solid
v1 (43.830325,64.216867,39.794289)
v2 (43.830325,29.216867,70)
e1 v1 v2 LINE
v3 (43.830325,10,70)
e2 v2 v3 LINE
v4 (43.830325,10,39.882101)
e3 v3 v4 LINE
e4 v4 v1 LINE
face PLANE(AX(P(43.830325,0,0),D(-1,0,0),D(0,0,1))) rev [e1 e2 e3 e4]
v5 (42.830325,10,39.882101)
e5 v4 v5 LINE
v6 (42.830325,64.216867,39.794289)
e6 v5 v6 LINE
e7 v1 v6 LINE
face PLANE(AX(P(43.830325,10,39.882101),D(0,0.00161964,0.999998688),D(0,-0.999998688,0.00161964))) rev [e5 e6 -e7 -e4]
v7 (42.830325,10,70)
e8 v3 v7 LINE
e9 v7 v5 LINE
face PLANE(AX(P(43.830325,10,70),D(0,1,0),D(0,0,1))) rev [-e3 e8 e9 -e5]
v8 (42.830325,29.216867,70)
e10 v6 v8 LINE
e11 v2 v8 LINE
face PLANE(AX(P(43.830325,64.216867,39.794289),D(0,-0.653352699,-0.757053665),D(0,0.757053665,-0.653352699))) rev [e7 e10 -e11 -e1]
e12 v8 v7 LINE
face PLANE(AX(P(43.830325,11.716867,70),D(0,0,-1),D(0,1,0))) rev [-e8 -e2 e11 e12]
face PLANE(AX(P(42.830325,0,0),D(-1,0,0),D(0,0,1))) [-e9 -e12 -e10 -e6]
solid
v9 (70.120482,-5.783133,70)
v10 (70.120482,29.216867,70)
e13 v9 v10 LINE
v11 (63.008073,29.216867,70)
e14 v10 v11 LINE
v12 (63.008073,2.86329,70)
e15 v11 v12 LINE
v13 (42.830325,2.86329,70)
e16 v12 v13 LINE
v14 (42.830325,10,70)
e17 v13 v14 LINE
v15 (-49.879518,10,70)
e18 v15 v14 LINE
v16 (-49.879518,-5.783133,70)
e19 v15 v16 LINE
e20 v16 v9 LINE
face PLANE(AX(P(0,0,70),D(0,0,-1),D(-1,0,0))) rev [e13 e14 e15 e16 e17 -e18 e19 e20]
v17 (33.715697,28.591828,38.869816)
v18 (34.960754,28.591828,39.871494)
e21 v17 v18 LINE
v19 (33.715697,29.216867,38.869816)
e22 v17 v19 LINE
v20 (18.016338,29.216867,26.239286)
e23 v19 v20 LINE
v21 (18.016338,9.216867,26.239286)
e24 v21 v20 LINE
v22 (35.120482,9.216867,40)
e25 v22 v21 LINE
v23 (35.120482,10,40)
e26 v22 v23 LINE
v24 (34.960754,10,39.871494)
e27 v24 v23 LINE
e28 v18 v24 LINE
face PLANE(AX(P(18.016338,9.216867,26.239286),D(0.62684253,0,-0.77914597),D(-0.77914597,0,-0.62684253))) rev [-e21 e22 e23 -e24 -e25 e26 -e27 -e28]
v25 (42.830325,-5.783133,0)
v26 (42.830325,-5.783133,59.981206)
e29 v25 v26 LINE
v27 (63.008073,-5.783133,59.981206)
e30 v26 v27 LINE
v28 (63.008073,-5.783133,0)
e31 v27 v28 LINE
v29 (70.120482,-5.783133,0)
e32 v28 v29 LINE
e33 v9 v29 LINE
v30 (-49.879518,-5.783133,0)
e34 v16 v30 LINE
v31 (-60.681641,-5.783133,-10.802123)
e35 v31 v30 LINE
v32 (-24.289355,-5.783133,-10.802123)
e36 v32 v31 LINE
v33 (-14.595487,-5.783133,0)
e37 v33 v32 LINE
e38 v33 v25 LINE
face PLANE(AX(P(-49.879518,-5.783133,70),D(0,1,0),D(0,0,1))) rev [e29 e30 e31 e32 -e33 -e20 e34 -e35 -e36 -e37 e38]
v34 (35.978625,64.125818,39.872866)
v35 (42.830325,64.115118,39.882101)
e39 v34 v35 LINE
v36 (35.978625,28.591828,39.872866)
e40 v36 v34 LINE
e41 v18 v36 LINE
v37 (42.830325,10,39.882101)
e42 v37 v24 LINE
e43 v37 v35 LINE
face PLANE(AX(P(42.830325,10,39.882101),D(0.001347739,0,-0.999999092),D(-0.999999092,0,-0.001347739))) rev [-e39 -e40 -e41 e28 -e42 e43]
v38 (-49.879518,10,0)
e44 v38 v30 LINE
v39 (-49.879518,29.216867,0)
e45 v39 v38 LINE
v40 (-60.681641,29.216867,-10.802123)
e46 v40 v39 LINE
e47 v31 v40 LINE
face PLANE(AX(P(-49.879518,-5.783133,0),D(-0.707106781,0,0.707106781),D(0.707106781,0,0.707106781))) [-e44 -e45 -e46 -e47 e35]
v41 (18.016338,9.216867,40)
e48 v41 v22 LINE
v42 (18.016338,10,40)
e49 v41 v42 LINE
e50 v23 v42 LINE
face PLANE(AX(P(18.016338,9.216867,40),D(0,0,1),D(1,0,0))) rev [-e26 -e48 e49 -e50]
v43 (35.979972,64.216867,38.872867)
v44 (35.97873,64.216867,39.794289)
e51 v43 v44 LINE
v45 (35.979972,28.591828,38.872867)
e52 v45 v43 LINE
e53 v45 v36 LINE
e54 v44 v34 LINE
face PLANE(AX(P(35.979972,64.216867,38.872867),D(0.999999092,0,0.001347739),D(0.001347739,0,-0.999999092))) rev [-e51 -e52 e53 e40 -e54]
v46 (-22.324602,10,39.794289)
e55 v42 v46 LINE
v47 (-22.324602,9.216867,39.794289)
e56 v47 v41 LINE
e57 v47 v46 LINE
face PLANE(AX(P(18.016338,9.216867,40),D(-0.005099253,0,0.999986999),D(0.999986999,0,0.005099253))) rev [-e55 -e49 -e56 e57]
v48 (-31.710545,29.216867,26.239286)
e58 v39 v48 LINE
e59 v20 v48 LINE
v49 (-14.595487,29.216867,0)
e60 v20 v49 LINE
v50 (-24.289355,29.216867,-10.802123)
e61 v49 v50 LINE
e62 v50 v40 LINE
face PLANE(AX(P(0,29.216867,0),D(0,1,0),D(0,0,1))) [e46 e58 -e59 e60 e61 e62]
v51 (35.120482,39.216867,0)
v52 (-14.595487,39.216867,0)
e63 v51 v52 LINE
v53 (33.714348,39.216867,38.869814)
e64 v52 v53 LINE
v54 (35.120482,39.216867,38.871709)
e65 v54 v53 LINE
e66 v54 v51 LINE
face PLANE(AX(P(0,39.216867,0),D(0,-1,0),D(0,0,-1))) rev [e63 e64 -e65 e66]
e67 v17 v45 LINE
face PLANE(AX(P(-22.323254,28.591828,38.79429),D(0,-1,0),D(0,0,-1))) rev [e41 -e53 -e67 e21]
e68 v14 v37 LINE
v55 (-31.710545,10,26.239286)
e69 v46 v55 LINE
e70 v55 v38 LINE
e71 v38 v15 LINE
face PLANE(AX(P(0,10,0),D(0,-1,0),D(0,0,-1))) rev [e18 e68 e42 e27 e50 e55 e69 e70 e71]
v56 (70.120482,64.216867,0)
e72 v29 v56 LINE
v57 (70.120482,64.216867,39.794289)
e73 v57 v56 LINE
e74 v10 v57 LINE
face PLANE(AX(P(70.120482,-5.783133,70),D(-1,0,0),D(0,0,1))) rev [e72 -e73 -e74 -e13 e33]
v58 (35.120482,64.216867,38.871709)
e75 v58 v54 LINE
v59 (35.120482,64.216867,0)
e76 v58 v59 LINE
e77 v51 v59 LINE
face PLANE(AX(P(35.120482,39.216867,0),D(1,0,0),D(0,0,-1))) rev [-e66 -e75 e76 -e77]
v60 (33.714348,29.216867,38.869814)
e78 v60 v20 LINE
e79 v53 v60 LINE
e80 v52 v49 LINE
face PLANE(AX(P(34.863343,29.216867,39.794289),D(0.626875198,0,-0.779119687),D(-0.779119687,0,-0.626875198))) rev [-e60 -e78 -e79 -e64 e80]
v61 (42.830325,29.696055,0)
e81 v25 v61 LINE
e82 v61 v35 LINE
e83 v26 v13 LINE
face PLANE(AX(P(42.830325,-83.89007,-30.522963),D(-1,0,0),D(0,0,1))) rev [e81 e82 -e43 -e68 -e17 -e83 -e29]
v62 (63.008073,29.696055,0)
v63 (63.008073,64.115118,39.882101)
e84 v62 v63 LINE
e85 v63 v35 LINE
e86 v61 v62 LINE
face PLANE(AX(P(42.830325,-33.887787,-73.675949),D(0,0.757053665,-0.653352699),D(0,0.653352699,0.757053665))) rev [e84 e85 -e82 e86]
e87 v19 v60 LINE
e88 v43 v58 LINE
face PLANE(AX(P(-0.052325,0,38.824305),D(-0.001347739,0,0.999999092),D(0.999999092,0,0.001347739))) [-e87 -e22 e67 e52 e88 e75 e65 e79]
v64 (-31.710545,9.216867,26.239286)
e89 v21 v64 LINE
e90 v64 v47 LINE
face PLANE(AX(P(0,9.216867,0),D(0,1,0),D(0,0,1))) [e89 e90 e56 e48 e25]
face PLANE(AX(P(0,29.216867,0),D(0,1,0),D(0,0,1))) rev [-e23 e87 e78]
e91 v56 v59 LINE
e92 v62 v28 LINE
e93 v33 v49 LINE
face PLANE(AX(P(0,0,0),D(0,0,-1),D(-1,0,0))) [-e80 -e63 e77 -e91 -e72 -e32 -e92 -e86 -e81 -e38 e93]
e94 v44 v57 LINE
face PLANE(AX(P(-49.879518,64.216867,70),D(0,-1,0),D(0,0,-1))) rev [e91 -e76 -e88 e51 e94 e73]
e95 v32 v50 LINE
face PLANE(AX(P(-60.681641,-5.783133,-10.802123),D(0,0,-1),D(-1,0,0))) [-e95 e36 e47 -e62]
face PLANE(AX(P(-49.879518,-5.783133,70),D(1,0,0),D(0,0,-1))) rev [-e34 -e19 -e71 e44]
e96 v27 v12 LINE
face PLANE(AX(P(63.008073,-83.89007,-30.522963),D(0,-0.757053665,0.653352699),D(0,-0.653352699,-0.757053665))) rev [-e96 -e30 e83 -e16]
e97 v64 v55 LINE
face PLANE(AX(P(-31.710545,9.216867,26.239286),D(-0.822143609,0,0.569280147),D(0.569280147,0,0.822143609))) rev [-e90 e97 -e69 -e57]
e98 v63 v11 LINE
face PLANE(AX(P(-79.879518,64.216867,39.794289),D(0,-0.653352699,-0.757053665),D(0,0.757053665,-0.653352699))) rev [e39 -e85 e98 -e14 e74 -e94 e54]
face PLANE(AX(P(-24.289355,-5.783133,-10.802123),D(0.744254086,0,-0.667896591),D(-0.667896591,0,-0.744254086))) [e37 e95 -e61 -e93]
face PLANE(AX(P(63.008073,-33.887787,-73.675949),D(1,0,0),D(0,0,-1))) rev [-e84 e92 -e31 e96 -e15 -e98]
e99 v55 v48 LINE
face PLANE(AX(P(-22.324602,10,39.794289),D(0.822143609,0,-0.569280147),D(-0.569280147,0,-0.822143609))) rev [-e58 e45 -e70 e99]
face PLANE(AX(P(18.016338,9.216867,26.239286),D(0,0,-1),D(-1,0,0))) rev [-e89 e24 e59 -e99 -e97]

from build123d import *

# Parameters (mm, degrees)
SKETCH1_W           = 120
SKETCH1_H           = 70
BOSS_EXTRUDE1_DEPTH = 70
CUT_EXTRUDE1_DEPTH  = 150
SKETCH5_W           = 20.177747719
SKETCH5_H           = 66.048531366
CUT_EXTRUDE3_DEPTH  = 150
CUT_EXTRUDE4_DEPTH  = 25
CUT_EXTRUDE5_DEPTH  = 35
BOSS_EXTRUDE2_DEPTH = 35
CUT_EXTRUDE6_DEPTH  = 55
SKETCH14_W          = 58.303279042
SKETCH14_H          = 35.625039804
CUT_EXTRUDE7_DEPTH  = 1
BOSS_EXTRUDE5_DEPTH = 1
CUT_EXTRUDE9_DEPTH  = 20
CUT_EXTRUDE10_DEPTH = 20


with BuildPart() as part:
    # Sketch1 → Boss-Extrude1 (new body)
    with BuildSketch(Plane.XY):
        with Locations((10.120481928, 29.21686747)):
            Rectangle(SKETCH1_W, SKETCH1_H)
    extrude(amount=BOSS_EXTRUDE1_DEPTH)

    # Sketch3 → Cut-Extrude1 (cut)
    with BuildSketch(Plane(origin=(70.120481928, 0, 0), x_dir=(0, 0, -1), z_dir=(1, 0, 0))):
        Polygon((-39.794288679, 64.21686747), (-70, 29.21686747), (-70, 64.21686747), align=None)
    extrude(amount=-CUT_EXTRUDE1_DEPTH, mode=Mode.SUBTRACT)

    # Sketch5 → Cut-Extrude3 (cut)
    with BuildSketch(Plane(origin=(0, 47.095410713, 54.570453827), x_dir=(1, 0, 0), z_dir=(0, 0.653352699, 0.757053665))):
        with Locations((52.91919907, -10.542758773)):
            Rectangle(SKETCH5_W, SKETCH5_H)
    extrude(amount=-CUT_EXTRUDE3_DEPTH, mode=Mode.SUBTRACT)

    # Sketch6 → Cut-Extrude4 (cut)
    with BuildSketch(Plane(origin=(0, 64.21686747, 0), x_dir=(1, 0, 0), z_dir=(0, 1, 0))):
        Polygon((35.120481928, 0), (-14.879518072, 0), (35.120481928, -40), align=None)
    extrude(amount=-CUT_EXTRUDE4_DEPTH, mode=Mode.SUBTRACT)

    # Sketch9 → Cut-Extrude5 (cut)
    with BuildSketch(Plane(origin=(0, 64.21686747, 0), x_dir=(1, 0, 0), z_dir=(0, 1, 0))):
        Polygon((12.260999006, -39.794288679), (-22.324601561, -39.794288679), (-49.879518072, 0), (-58.507323934, 12.460113859), (-30.081695552, 12.460113859), (34.863342776, -39.794288679), align=None)
    extrude(amount=-CUT_EXTRUDE5_DEPTH, mode=Mode.SUBTRACT)

    # Sketch10 → Boss-Extrude2 (add)
    with BuildSketch(Plane(origin=(0, 29.21686747, 0), x_dir=(1, 0, 0), z_dir=(0, 1, 0))):
        Polygon((-49.879518072, 0), (-60.681640724, 10.802122652), (-24.289355103, 10.802122652), (-14.595487063, 0), align=None)
    extrude(amount=-BOSS_EXTRUDE2_DEPTH)

    # Sketch13 → Cut-Extrude6 (cut)
    with BuildSketch(Plane(origin=(0, 65, 0), x_dir=(1, 0, 0), z_dir=(0, 1, 0))):
        Polygon((-49.879518072, 0), (-49.879518072, -70), (42.83032521, -70), (42.83032521, -39.882100619), (-22.324601561, -39.794288679), align=None)
    extrude(amount=-CUT_EXTRUDE6_DEPTH, mode=Mode.SUBTRACT)

    # Sketch14 → Cut-Extrude7 (cut)
    with BuildSketch(Plane(origin=(-0.053672831, 0, 39.824304114), x_dir=(0.999999092, 0, 0.001347739), z_dir=(-0.001347739, 0, 0.999999092))):
        with Locations((6.880690565, 46.404347568)):
            Rectangle(SKETCH14_W, SKETCH14_H)
    extrude(amount=-CUT_EXTRUDE7_DEPTH, mode=Mode.SUBTRACT)

    # Sketch17 → Cut-Extrude9 (cut)
    with BuildSketch(Plane(origin=(0, 29.21686747, 0), x_dir=(1, 0, 0), z_dir=(0, 1, 0))):
        Polygon((18.016338489, -26.239286383), (35.120481928, -40), (18.016338489, -40), align=None)
    extrude(amount=-CUT_EXTRUDE9_DEPTH, mode=Mode.SUBTRACT)

    # Sketch18 → Cut-Extrude10 (cut)
    with BuildSketch(Plane(origin=(0, 29.21686747, 0), x_dir=(1, 0, 0), z_dir=(0, 1, 0))):
        Polygon((18.016338489, -40), (-22.324601561, -39.794288679), (-31.710545347, -26.239286383), (18.016338489, -26.239286383), align=None)
    extrude(amount=-CUT_EXTRUDE10_DEPTH, mode=Mode.SUBTRACT)


with BuildPart() as body_2:
    # Sketch16 → Boss-Extrude5 (new body)
    with BuildSketch(Plane(origin=(42.83032521, 0, 0), x_dir=(0, 0, -1), z_dir=(1, 0, 0))):
        Polygon((-39.794288679, 64.21686747), (-70, 29.21686747), (-70, 11.71686747), (-70, 10), (-39.882100619, 10), align=None)
    extrude(amount=BOSS_EXTRUDE5_DEPTH)


solid = Compound([part.part, body_2.part])
